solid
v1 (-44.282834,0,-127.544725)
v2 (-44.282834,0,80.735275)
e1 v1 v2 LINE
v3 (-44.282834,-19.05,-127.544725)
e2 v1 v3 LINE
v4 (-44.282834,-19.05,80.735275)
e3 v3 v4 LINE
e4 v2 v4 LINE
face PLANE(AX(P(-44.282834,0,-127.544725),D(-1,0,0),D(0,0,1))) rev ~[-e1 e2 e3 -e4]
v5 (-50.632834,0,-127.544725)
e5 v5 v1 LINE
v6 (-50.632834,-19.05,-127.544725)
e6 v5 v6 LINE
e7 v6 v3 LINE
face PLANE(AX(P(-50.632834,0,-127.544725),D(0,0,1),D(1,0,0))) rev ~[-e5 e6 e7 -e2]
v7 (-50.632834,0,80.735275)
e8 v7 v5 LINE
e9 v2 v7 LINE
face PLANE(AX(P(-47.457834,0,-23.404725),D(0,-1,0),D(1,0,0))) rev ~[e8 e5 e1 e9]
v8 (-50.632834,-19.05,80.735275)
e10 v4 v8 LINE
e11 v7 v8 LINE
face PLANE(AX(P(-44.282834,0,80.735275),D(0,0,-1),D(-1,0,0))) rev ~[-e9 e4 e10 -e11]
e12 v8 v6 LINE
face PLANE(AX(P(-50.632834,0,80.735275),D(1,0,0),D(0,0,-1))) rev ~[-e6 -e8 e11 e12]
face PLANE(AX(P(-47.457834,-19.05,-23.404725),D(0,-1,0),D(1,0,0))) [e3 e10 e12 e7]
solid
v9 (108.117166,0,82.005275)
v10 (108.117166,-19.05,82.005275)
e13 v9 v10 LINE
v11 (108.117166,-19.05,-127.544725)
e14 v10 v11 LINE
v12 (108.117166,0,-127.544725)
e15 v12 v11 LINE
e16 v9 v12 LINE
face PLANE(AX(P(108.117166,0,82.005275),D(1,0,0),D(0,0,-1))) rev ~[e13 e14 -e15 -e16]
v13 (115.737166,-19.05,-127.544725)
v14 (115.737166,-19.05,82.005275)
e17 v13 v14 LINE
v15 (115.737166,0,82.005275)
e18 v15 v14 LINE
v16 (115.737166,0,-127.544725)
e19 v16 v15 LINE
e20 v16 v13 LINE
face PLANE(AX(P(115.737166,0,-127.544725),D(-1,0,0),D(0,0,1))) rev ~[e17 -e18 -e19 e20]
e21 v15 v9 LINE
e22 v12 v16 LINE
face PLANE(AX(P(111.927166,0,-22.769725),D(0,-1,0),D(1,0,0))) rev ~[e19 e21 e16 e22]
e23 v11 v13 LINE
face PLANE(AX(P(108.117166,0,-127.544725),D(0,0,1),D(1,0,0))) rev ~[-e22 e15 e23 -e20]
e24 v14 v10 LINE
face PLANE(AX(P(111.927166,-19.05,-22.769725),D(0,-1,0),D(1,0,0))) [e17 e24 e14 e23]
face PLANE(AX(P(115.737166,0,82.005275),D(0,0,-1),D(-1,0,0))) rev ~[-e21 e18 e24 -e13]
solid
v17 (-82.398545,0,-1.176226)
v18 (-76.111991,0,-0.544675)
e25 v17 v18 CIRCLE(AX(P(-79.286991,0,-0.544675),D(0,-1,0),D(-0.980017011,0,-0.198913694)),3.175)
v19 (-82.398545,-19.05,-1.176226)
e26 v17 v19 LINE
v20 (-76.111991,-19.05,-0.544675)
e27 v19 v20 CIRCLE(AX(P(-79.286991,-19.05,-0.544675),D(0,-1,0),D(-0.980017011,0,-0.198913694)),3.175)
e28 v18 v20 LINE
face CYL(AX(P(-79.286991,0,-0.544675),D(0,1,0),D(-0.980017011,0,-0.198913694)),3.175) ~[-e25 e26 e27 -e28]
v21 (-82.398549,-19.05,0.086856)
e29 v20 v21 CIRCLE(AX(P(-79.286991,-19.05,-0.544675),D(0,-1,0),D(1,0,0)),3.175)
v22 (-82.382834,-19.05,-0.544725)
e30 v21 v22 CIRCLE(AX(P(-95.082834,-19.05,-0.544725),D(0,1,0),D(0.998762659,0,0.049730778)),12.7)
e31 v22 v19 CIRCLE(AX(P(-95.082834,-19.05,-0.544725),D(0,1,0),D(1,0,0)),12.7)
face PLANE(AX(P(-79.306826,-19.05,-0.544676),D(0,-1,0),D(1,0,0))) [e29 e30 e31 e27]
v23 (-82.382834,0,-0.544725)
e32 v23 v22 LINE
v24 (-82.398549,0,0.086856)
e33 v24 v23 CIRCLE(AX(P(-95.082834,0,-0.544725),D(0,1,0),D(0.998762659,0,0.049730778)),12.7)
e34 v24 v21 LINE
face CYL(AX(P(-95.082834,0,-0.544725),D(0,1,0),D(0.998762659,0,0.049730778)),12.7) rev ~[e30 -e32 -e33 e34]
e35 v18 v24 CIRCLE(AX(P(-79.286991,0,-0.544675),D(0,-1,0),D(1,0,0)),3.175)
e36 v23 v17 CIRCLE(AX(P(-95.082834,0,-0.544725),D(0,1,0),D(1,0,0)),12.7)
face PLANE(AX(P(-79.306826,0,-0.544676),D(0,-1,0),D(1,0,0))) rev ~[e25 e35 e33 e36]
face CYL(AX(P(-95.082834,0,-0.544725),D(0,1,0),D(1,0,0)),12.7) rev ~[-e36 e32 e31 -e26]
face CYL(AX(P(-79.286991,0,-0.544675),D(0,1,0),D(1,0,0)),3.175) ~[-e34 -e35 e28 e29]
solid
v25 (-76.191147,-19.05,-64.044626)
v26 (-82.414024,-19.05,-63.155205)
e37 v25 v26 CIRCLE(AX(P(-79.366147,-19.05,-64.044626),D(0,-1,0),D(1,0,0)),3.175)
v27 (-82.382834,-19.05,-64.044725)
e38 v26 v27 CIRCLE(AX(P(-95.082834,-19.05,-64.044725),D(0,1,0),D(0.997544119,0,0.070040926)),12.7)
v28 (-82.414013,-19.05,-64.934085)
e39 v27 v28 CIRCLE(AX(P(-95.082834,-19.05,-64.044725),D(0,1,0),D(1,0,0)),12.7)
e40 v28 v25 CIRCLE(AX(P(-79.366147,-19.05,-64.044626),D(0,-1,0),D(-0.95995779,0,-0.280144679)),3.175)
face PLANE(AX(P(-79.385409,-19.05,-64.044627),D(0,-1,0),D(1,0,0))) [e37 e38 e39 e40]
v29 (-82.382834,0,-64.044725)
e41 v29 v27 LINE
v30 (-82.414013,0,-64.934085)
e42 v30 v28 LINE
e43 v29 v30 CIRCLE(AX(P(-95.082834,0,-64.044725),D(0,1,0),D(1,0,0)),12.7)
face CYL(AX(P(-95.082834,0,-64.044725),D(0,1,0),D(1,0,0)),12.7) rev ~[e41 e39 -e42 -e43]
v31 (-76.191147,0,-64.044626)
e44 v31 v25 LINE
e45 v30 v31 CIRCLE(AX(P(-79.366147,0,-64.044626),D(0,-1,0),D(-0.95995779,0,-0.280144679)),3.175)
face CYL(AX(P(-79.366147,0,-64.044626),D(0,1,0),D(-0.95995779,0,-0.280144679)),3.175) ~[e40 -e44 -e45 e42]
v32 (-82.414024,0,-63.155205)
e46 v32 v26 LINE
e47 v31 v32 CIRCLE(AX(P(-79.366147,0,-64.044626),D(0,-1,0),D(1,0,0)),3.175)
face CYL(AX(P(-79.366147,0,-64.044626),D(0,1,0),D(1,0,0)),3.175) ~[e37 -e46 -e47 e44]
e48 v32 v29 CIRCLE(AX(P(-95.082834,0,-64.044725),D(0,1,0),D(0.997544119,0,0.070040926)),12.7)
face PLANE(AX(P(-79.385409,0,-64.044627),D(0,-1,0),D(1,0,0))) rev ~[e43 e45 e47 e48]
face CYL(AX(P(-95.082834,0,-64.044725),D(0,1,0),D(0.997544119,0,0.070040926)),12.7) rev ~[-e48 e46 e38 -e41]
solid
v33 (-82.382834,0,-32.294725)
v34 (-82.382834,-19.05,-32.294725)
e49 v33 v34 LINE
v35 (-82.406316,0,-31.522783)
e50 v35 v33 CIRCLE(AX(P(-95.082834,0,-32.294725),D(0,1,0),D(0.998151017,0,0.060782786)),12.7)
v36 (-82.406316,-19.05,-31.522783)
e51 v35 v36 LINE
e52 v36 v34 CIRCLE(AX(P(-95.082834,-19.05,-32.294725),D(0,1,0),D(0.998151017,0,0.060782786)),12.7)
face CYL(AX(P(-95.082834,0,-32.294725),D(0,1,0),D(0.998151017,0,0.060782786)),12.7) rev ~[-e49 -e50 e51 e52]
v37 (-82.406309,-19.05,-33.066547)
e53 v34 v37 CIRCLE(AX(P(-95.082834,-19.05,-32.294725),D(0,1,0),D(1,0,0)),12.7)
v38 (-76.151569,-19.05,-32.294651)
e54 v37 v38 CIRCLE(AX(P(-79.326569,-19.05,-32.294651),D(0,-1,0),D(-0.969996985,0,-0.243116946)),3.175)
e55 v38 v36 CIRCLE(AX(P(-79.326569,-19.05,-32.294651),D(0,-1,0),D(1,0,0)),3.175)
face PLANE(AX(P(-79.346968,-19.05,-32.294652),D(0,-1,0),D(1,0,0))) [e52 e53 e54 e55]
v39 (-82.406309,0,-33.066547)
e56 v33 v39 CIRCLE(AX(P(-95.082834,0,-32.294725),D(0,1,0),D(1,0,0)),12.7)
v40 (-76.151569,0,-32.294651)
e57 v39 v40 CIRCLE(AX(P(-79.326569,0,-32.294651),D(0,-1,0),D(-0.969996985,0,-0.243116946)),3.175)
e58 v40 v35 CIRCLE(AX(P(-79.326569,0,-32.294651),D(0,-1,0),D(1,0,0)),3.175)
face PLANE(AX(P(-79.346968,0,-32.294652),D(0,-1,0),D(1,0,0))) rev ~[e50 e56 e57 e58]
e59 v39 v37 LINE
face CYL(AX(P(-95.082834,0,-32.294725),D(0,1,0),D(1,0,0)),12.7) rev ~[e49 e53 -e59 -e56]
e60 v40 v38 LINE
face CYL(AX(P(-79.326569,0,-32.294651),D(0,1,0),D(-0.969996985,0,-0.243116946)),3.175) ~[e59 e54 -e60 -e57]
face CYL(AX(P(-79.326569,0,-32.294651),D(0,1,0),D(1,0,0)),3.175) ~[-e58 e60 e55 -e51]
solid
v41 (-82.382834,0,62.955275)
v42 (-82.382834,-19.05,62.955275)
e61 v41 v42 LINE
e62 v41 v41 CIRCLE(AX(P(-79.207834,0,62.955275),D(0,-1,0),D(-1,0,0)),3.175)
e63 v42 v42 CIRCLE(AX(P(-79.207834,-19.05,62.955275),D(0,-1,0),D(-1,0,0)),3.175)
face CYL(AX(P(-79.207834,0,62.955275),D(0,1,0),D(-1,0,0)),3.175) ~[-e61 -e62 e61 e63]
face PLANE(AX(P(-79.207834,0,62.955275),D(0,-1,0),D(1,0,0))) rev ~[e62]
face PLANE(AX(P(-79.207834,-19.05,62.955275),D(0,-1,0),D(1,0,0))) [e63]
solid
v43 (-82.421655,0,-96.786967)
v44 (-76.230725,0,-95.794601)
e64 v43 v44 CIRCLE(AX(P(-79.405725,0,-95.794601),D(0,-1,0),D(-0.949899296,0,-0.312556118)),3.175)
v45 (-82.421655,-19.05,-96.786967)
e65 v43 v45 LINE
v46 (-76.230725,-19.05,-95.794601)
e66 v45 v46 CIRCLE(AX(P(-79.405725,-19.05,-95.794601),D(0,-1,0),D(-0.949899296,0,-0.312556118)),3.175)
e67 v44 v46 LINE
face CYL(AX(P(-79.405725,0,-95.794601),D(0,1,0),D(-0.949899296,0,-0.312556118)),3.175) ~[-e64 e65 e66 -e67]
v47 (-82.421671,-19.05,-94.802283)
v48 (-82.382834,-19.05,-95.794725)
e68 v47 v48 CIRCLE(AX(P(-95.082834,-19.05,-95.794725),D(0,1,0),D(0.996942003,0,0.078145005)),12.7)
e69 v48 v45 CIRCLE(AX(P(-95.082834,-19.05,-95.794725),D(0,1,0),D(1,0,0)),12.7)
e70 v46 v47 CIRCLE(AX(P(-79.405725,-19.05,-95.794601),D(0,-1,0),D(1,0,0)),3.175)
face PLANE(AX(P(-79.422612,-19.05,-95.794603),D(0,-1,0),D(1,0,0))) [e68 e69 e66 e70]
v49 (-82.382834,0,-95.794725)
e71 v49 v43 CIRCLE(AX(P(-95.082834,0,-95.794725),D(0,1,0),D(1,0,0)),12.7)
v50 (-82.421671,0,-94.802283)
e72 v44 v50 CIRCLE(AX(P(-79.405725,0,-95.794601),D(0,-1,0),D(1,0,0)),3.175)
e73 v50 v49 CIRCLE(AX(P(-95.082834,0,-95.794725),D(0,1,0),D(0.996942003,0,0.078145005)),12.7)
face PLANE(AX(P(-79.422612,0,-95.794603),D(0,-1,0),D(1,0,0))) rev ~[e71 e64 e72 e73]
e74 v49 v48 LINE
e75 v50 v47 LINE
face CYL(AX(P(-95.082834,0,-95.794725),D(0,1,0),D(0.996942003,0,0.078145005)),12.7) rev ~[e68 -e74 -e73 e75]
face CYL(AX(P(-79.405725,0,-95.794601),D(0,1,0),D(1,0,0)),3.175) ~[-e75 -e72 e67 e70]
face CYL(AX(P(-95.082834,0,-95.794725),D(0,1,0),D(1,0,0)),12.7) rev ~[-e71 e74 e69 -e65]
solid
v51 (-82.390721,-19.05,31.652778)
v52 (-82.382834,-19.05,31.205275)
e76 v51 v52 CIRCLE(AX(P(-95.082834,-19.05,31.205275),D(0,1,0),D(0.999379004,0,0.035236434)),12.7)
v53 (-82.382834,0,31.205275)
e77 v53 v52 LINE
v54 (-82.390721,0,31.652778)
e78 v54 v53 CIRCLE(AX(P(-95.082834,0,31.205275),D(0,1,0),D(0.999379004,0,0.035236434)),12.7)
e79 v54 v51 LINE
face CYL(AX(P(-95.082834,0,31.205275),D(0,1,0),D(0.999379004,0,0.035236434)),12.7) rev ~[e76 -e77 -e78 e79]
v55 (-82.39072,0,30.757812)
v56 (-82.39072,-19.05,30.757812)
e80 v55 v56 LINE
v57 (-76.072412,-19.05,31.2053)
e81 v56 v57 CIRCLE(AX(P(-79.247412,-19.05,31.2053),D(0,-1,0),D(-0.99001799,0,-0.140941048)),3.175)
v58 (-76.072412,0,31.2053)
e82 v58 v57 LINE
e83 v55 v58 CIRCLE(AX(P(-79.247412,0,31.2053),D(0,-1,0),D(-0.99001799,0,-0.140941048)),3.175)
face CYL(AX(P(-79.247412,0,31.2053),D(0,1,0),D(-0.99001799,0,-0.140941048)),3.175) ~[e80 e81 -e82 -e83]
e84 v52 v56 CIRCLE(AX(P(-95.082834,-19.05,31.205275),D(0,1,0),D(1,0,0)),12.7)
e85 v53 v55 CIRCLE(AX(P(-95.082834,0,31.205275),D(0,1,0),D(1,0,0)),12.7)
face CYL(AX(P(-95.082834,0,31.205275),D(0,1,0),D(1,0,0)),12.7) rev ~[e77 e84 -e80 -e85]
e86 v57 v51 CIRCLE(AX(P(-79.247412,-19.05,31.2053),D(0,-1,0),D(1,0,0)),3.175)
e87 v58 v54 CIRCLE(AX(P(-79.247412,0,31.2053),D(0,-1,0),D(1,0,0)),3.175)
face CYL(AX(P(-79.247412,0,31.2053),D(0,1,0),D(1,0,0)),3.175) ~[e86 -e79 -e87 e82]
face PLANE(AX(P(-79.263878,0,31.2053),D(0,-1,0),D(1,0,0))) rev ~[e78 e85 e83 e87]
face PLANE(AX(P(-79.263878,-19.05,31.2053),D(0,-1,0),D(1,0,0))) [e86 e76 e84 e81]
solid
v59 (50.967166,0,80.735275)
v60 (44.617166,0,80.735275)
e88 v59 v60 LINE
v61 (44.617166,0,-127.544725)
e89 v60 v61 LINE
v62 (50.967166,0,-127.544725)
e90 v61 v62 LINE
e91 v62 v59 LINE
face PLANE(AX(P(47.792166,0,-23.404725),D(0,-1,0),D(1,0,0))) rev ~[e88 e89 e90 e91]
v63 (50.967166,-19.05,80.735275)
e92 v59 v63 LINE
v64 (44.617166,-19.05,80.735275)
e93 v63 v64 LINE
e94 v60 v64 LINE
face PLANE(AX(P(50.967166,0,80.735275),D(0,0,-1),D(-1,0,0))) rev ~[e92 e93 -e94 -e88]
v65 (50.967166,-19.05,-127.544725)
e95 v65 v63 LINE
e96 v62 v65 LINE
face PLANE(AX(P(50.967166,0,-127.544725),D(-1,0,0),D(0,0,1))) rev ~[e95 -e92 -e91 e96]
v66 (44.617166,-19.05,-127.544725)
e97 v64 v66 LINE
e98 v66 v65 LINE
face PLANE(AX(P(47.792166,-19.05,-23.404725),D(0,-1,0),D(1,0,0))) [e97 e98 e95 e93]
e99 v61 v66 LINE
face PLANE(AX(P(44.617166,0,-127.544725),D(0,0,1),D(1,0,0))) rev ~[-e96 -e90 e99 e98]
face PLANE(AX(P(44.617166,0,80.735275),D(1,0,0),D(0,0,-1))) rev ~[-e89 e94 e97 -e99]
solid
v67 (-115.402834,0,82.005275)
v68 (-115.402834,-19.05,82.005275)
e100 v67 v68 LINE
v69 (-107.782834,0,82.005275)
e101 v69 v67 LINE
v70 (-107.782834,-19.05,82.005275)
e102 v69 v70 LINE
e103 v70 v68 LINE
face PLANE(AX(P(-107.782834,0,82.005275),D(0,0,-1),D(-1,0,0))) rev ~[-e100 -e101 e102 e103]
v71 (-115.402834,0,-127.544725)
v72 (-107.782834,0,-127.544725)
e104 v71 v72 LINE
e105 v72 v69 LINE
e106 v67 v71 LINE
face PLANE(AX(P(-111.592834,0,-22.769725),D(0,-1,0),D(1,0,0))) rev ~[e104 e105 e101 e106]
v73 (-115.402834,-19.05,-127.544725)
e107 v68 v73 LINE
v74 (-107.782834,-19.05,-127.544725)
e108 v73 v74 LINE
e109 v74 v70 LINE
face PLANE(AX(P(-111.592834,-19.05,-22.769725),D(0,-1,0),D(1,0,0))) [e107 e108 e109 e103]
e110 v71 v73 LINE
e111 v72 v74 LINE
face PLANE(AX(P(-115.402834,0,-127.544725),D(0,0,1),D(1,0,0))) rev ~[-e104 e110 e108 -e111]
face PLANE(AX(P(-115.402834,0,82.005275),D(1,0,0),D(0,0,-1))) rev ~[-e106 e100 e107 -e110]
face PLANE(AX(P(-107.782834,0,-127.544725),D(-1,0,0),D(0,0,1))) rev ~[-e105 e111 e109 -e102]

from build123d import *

# Parameters (mm, degrees)
F1_DEPTH = 19.05


with BuildPart() as f1:
    # F0 (on Front) → F1 (new body)
    with BuildSketch(Plane.XZ):
        Polygon((108.117165637, -95.7947247652), (108.117165637, -127.5447247652), (115.737165637, -127.5447247652), (115.737165637, 82.0052752348), (108.117165637, 82.0052752348), (108.117165637, 62.9552752348), (108.117165637, 31.2052752348), (108.117165637, -0.5447247652), (108.117165637, -32.2947247652), (108.117165637, -64.0447247652), align=None)
    extrude(amount=F1_DEPTH)


with BuildPart() as f1b:
    # F0 (on Front) → F1, piece 2 (new body)
    with BuildSketch(Plane.XZ):
        Polygon((50.967165637, 31.2052752348), (50.967165637, 62.9552752348), (50.967165637, 80.7352752348), (44.617165637, 80.7352752348), (44.617165637, 62.9552752348), (44.617165637, 31.2052752348), (44.617165637, -0.5447247652), (44.617165637, -32.2947247652), (44.617165637, -64.0447247652), (44.617165637, -95.7947247652), (44.617165637, -127.5447247652), (50.967165637, -127.5447247652), (50.967165637, -95.7947247652), (50.967165637, -64.0447247652), (50.967165637, -32.2947246679), (50.967165637, -0.544724715), align=None)
    extrude(amount=F1_DEPTH)


with BuildPart() as f1c:
    # F0 (on Front) → F1, piece 3 (new body)
    with BuildSketch(Plane.XZ):
        Polygon((-50.632834363, -127.5447247652), (-44.282834363, -127.5447247652), (-44.282834363, -95.7947247051), (-44.282834363, -64.0447247652), (-44.282834363, -32.2947247652), (-44.282834363, -0.5447248178), (-44.282834363, 31.2052752348), (-44.282834363, 62.9552752348), (-44.282834363, 80.7352752348), (-50.632834363, 80.7352752348), (-50.632834363, 62.9552752348), (-50.632834363, 31.2052752348), (-50.632834363, -0.5447247652), (-50.632834363, -32.2947247652), (-50.632834363, -64.0447247652), (-50.632834363, -95.7947247652), align=None)
    extrude(amount=F1_DEPTH)


with BuildPart() as f1d:
    # F0 (on Front) → F1, piece 4 (new body)
    with BuildSketch(Plane.XZ):
        Polygon((-115.402834363, -127.5447247652), (-107.782834363, -127.5447247652), (-107.782834363, -95.7947247652), (-107.782834363, -64.0447247652), (-107.782834363, -32.2947247652), (-107.782834363, -0.5447247652), (-107.782834363, 31.2052752348), (-107.782834363, 62.9552752348), (-107.782834363, 82.0052752348), (-115.402834363, 82.0052752348), align=None)
    extrude(amount=F1_DEPTH)


with BuildPart() as f1e:
    # F0 (on Front) → F1, piece 5 (new body)
    with BuildSketch(Plane.XZ):
        with BuildLine():
            ThreePointArc((-76.2307250385, -95.7946014243), (-78.903232835, -92.6596171204), (-82.4216709191, -94.8022832066))
            ThreePointArc((-82.4216709191, -94.8022832066), (-82.3925472162, -95.2981241899), (-82.382834363, -95.7947247652))
            ThreePointArc((-82.382834363, -95.7947247652), (-82.3925433095, -96.2912254986), (-82.4216553044, -96.7869670983))
            ThreePointArc((-82.4216553044, -96.7869670983), (-78.9032081703, -98.9295817747), (-76.2307250385, -95.7946014243))
        make_face()
    extrude(amount=F1_DEPTH)


with BuildPart() as f1f:
    # F0 (on Front) → F1, piece 6 (new body)
    with BuildSketch(Plane.XZ):
        with BuildLine():
            ThreePointArc((-76.1911469034, -64.0446260925), (-78.9169169837, -60.901567474), (-82.4140240557, -63.1552050085))
            ThreePointArc((-82.4140240557, -63.1552050085), (-82.3906341813, -63.5996915658), (-82.382834363, -64.0447247652))
            ThreePointArc((-82.382834363, -64.0447247652), (-82.3906313876, -64.4896782803), (-82.4140128875, -64.9340854468))
            ThreePointArc((-82.4140128875, -64.9340854468), (-78.9168972509, -67.1876818906), (-76.1911469034, -64.0446260925))
        make_face()
    extrude(amount=F1_DEPTH)


with BuildPart() as f1g:
    # F0 (on Front) → F1, piece 7 (new body)
    with BuildSketch(Plane.XZ):
        with BuildLine():
            ThreePointArc((-76.1515687683, -32.2946507607), (-78.9377075307, -29.1435538187), (-82.4063164457, -31.5227833863))
            ThreePointArc((-82.4063164457, -31.5227833863), (-82.3887062411, -31.9085755387), (-82.382834363, -32.2947247652))
            ThreePointArc((-82.382834363, -32.2947247652), (-82.3887044276, -32.6808143696), (-82.4063091949, -33.0665470651))
            ThreePointArc((-82.4063091949, -33.0665470651), (-78.9376927305, -35.4457458762), (-76.1515687683, -32.2946507607))
        make_face()
    extrude(amount=F1_DEPTH)


with BuildPart() as f1h:
    # F0 (on Front) → F1, piece 8 (new body)
    with BuildSketch(Plane.XZ):
        with BuildLine():
            ThreePointArc((-76.1119906332, -0.5446754288), (-78.9696355559, 2.6144242459), (-82.398548589, 0.0868561123))
            ThreePointArc((-82.398548589, 0.0868561123), (-82.3867635273, -0.228836596), (-82.382834363, -0.5447247652))
            ThreePointArc((-82.382834363, -0.5447247652), (-82.3867625407, -0.8605732798), (-82.398544644, -1.1762264071))
            ThreePointArc((-82.398544644, -1.1762264071), (-78.9696256888, -3.7037741123), (-76.1119906332, -0.5446754288))
        make_face()
    extrude(amount=F1_DEPTH)


with BuildPart() as f1i:
    # F0 (on Front) → F1, piece 9 (new body)
    with BuildSketch(Plane.XZ):
        with BuildLine():
            ThreePointArc((-76.0724124981, 31.205299903), (-79.0231130659, 34.3723671212), (-82.3907210113, 31.6527779367))
            ThreePointArc((-82.3907210113, 31.6527779367), (-82.3848061781, 31.429061331), (-82.382834363, 31.2052752348))
            ThreePointArc((-82.382834363, 31.2052752348), (-82.3848058295, 30.9815089194), (-82.3907196171, 30.757812076))
            ThreePointArc((-82.3907196171, 30.757812076), (-79.0231081323, 28.0382330342), (-76.0724124981, 31.205299903))
        make_face()
    extrude(amount=F1_DEPTH)


with BuildPart() as f1j:
    # F0 (on Front) → F1, piece 10 (new body)
    with BuildSketch(Plane.XZ):
        with BuildLine():
            ThreePointArc((-76.032834363, 62.9552752348), (-79.207834363, 66.1302752348), (-82.382834363, 62.9552752348))
            ThreePointArc((-82.382834363, 62.9552752348), (-79.207834363, 59.7802752348), (-76.032834363, 62.9552752348))
        make_face()
    extrude(amount=F1_DEPTH)


solid = Compound([f1.part, f1b.part, f1c.part, f1d.part, f1e.part, f1f.part, f1g.part, f1h.part, f1i.part, f1j.part])
